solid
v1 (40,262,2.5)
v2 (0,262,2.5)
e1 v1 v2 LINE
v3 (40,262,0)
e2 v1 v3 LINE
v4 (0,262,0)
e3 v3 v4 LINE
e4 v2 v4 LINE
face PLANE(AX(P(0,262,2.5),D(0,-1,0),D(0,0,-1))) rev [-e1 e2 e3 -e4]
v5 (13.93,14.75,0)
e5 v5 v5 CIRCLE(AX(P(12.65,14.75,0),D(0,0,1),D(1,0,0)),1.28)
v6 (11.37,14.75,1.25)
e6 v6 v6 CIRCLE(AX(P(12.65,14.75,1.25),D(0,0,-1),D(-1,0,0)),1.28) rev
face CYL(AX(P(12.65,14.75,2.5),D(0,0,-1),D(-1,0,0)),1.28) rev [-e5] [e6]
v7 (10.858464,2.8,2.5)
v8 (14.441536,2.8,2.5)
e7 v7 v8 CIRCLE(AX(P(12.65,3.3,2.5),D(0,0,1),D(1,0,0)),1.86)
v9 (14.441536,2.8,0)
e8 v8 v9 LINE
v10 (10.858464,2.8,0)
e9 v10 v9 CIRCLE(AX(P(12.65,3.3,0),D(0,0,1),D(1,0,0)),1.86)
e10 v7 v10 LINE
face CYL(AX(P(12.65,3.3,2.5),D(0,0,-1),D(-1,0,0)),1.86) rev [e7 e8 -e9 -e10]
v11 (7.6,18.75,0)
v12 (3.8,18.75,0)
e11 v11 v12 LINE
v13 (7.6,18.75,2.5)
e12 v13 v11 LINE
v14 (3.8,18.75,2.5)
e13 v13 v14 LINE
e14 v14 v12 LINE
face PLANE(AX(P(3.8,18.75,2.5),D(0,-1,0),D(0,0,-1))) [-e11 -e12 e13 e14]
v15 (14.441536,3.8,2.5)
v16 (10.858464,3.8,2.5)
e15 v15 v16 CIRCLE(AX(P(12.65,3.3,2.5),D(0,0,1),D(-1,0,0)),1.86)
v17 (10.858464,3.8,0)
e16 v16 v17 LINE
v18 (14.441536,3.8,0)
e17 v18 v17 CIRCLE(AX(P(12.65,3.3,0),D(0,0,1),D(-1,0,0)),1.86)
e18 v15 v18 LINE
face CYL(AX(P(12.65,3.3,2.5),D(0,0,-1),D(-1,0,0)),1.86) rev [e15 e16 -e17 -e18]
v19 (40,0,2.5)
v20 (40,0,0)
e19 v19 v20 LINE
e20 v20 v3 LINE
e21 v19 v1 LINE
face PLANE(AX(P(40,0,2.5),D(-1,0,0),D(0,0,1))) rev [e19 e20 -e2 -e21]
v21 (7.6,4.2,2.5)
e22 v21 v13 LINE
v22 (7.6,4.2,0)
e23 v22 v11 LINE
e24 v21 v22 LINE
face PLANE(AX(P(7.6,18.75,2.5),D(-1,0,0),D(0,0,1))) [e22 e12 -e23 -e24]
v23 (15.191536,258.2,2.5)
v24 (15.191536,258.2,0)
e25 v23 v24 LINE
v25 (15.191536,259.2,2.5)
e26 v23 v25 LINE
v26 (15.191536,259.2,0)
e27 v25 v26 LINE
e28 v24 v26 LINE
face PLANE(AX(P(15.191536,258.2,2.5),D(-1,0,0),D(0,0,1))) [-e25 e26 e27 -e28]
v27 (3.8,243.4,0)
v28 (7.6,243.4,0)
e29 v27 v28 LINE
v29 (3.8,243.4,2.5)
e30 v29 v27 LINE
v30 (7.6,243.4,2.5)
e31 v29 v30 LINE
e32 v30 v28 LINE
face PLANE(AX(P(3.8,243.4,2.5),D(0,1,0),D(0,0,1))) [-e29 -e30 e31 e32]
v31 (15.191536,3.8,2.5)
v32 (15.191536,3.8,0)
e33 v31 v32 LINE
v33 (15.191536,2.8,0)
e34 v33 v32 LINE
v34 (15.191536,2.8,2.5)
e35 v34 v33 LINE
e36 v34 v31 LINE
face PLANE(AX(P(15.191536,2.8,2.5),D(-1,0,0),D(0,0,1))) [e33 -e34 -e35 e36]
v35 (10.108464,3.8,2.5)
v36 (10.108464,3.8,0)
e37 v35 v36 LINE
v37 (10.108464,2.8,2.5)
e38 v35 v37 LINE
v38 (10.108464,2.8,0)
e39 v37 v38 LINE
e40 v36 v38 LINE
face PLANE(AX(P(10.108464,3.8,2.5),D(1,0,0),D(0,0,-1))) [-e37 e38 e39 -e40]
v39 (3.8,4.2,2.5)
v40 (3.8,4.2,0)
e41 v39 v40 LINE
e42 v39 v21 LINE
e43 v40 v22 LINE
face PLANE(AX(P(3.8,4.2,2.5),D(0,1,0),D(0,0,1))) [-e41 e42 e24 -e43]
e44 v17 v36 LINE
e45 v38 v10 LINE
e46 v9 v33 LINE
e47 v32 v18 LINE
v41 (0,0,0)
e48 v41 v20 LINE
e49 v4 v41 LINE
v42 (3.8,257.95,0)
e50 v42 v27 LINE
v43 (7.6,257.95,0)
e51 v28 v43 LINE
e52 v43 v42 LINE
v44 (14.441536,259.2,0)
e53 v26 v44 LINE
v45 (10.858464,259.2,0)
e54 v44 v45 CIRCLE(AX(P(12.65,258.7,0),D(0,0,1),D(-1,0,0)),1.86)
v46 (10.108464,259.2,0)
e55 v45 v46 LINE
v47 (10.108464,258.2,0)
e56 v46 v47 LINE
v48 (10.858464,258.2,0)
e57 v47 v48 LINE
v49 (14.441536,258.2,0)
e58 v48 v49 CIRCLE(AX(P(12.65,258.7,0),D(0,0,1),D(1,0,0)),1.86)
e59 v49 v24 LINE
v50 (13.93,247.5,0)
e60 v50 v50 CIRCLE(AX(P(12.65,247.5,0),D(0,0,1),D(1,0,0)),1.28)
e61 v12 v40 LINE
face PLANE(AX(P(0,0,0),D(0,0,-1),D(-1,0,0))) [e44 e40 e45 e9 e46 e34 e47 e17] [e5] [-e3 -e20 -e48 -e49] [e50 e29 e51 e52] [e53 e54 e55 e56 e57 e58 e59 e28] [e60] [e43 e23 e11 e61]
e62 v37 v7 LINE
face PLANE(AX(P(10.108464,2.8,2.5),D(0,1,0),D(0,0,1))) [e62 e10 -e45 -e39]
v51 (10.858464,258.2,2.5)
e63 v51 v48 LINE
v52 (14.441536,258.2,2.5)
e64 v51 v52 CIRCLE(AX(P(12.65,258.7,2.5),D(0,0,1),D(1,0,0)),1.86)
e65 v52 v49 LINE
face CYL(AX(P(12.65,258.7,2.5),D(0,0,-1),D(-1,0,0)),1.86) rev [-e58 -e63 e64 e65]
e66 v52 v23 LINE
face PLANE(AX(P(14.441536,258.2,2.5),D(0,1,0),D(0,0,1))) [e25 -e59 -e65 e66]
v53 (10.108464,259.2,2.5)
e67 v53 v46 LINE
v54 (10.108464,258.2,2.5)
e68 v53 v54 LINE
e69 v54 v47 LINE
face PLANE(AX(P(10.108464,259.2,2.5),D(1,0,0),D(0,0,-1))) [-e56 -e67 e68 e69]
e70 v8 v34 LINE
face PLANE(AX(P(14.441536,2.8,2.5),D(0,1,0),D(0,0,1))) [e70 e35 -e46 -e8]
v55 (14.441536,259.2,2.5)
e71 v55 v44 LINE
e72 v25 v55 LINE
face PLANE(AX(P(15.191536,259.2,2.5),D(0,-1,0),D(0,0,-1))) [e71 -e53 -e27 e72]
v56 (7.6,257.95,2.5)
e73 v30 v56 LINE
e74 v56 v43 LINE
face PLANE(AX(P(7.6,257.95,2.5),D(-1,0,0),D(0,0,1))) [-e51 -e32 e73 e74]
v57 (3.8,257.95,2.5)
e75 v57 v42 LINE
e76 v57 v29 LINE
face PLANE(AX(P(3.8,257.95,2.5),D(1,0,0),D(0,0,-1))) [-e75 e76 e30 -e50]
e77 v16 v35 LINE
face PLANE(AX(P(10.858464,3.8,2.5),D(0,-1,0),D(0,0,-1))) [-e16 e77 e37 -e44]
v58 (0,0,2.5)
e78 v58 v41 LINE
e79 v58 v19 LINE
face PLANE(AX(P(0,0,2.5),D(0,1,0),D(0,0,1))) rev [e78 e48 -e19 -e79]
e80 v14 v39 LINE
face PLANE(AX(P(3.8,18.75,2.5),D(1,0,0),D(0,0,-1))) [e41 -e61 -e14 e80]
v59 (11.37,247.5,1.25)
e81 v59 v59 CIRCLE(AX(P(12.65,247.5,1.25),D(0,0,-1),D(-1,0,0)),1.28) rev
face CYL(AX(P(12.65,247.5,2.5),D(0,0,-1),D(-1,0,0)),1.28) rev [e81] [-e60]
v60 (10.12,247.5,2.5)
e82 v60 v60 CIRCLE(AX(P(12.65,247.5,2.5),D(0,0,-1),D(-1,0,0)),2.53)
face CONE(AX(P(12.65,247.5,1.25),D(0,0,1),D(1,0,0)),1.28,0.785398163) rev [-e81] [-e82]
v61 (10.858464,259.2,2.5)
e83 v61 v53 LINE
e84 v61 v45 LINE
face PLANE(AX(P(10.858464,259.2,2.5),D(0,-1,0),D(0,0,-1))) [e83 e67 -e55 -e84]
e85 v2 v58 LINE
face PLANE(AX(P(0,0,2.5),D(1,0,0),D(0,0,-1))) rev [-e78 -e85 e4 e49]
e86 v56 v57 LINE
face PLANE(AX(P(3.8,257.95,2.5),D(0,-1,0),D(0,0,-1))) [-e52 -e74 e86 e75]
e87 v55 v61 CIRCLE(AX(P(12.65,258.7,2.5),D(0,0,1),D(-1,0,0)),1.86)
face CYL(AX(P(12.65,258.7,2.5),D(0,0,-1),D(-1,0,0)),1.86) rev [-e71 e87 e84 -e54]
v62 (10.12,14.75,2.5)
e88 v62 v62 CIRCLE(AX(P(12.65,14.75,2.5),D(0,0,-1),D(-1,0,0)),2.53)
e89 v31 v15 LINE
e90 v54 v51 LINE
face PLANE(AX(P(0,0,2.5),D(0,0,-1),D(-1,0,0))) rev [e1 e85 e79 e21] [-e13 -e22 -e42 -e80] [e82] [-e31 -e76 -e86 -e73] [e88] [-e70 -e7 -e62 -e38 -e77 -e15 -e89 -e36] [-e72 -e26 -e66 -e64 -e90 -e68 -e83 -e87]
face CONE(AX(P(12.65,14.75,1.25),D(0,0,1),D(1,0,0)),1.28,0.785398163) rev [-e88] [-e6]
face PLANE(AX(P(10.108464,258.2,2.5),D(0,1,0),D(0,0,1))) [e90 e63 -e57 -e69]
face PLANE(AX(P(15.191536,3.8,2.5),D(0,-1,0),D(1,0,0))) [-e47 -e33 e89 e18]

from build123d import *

# Parameters (mm, degrees)
SKETCH1_W           = 40
SKETCH1_H           = 262
SKETCH1_R           = 1.28
SKETCH1_W_2         = 3.8
SKETCH1_H_2         = 14.55
BOSS_EXTRUDE1_DEPTH = 2.5
CHAMFER1_SIZE       = 1.25
CHAMFER2_SIZE       = 1.25


with BuildPart() as part:
    # Sketch1 → Boss-Extrude1 (new body)
    with BuildSketch(Plane.XY):
        with Locations((20, 131)):
            Rectangle(SKETCH1_W, SKETCH1_H)
        with Locations((12.65, 247.5)):
            Circle(SKETCH1_R, mode=Mode.SUBTRACT)
        with Locations((12.65, 14.75)):
            Circle(SKETCH1_R, mode=Mode.SUBTRACT)
        with Locations((5.7, 250.675)):
            Rectangle(SKETCH1_W_2, SKETCH1_H_2, mode=Mode.SUBTRACT)
        with Locations((5.7, 11.475)):
            Rectangle(SKETCH1_W_2, SKETCH1_H_2, mode=Mode.SUBTRACT)
        with BuildLine():
            Line((10.858464346, 3.8), (10.108464346, 3.8))
            Line((10.108464346, 3.8), (10.108464346, 2.8))
            Line((10.108464346, 2.8), (10.858464346, 2.8))
            ThreePointArc((10.858464346, 2.8), (12.65, 1.44), (14.441535654, 2.8))
            Line((14.441535654, 2.8), (15.191535654, 2.8))
            Line((15.191535654, 2.8), (15.191535654, 3.8))
            Line((15.191535654, 3.8), (14.441535654, 3.8))
            ThreePointArc((14.441535654, 3.8), (12.65, 5.16), (10.858464346, 3.8))
        make_face(mode=Mode.SUBTRACT)
        with BuildLine():
            Line((10.858464346, 259.2), (10.108464346, 259.2))
            Line((10.108464346, 259.2), (10.108464346, 258.2))
            Line((10.108464346, 258.2), (10.858464346, 258.2))
            ThreePointArc((10.858464346, 258.2), (12.65, 256.84), (14.441535654, 258.2))
            Line((14.441535654, 258.2), (15.191535654, 258.2))
            Line((15.191535654, 258.2), (15.191535654, 259.2))
            Line((15.191535654, 259.2), (14.441535654, 259.2))
            ThreePointArc((14.441535654, 259.2), (12.65, 260.56), (10.858464346, 259.2))
        make_face(mode=Mode.SUBTRACT)
    extrude(amount=BOSS_EXTRUDE1_DEPTH)

    # Chamfer1
    chamfer1_edges = [part.edges().sort_by_distance(p)[0] for p in [
        (11.37, 247.5, 2.5),
    ]]
    chamfer(chamfer1_edges, length=CHAMFER1_SIZE)

    # Chamfer2
    chamfer2_edges = [part.edges().sort_by_distance(p)[0] for p in [
        (11.37, 14.75, 2.5),
    ]]
    chamfer(chamfer2_edges, length=CHAMFER2_SIZE)


solid = part.part
